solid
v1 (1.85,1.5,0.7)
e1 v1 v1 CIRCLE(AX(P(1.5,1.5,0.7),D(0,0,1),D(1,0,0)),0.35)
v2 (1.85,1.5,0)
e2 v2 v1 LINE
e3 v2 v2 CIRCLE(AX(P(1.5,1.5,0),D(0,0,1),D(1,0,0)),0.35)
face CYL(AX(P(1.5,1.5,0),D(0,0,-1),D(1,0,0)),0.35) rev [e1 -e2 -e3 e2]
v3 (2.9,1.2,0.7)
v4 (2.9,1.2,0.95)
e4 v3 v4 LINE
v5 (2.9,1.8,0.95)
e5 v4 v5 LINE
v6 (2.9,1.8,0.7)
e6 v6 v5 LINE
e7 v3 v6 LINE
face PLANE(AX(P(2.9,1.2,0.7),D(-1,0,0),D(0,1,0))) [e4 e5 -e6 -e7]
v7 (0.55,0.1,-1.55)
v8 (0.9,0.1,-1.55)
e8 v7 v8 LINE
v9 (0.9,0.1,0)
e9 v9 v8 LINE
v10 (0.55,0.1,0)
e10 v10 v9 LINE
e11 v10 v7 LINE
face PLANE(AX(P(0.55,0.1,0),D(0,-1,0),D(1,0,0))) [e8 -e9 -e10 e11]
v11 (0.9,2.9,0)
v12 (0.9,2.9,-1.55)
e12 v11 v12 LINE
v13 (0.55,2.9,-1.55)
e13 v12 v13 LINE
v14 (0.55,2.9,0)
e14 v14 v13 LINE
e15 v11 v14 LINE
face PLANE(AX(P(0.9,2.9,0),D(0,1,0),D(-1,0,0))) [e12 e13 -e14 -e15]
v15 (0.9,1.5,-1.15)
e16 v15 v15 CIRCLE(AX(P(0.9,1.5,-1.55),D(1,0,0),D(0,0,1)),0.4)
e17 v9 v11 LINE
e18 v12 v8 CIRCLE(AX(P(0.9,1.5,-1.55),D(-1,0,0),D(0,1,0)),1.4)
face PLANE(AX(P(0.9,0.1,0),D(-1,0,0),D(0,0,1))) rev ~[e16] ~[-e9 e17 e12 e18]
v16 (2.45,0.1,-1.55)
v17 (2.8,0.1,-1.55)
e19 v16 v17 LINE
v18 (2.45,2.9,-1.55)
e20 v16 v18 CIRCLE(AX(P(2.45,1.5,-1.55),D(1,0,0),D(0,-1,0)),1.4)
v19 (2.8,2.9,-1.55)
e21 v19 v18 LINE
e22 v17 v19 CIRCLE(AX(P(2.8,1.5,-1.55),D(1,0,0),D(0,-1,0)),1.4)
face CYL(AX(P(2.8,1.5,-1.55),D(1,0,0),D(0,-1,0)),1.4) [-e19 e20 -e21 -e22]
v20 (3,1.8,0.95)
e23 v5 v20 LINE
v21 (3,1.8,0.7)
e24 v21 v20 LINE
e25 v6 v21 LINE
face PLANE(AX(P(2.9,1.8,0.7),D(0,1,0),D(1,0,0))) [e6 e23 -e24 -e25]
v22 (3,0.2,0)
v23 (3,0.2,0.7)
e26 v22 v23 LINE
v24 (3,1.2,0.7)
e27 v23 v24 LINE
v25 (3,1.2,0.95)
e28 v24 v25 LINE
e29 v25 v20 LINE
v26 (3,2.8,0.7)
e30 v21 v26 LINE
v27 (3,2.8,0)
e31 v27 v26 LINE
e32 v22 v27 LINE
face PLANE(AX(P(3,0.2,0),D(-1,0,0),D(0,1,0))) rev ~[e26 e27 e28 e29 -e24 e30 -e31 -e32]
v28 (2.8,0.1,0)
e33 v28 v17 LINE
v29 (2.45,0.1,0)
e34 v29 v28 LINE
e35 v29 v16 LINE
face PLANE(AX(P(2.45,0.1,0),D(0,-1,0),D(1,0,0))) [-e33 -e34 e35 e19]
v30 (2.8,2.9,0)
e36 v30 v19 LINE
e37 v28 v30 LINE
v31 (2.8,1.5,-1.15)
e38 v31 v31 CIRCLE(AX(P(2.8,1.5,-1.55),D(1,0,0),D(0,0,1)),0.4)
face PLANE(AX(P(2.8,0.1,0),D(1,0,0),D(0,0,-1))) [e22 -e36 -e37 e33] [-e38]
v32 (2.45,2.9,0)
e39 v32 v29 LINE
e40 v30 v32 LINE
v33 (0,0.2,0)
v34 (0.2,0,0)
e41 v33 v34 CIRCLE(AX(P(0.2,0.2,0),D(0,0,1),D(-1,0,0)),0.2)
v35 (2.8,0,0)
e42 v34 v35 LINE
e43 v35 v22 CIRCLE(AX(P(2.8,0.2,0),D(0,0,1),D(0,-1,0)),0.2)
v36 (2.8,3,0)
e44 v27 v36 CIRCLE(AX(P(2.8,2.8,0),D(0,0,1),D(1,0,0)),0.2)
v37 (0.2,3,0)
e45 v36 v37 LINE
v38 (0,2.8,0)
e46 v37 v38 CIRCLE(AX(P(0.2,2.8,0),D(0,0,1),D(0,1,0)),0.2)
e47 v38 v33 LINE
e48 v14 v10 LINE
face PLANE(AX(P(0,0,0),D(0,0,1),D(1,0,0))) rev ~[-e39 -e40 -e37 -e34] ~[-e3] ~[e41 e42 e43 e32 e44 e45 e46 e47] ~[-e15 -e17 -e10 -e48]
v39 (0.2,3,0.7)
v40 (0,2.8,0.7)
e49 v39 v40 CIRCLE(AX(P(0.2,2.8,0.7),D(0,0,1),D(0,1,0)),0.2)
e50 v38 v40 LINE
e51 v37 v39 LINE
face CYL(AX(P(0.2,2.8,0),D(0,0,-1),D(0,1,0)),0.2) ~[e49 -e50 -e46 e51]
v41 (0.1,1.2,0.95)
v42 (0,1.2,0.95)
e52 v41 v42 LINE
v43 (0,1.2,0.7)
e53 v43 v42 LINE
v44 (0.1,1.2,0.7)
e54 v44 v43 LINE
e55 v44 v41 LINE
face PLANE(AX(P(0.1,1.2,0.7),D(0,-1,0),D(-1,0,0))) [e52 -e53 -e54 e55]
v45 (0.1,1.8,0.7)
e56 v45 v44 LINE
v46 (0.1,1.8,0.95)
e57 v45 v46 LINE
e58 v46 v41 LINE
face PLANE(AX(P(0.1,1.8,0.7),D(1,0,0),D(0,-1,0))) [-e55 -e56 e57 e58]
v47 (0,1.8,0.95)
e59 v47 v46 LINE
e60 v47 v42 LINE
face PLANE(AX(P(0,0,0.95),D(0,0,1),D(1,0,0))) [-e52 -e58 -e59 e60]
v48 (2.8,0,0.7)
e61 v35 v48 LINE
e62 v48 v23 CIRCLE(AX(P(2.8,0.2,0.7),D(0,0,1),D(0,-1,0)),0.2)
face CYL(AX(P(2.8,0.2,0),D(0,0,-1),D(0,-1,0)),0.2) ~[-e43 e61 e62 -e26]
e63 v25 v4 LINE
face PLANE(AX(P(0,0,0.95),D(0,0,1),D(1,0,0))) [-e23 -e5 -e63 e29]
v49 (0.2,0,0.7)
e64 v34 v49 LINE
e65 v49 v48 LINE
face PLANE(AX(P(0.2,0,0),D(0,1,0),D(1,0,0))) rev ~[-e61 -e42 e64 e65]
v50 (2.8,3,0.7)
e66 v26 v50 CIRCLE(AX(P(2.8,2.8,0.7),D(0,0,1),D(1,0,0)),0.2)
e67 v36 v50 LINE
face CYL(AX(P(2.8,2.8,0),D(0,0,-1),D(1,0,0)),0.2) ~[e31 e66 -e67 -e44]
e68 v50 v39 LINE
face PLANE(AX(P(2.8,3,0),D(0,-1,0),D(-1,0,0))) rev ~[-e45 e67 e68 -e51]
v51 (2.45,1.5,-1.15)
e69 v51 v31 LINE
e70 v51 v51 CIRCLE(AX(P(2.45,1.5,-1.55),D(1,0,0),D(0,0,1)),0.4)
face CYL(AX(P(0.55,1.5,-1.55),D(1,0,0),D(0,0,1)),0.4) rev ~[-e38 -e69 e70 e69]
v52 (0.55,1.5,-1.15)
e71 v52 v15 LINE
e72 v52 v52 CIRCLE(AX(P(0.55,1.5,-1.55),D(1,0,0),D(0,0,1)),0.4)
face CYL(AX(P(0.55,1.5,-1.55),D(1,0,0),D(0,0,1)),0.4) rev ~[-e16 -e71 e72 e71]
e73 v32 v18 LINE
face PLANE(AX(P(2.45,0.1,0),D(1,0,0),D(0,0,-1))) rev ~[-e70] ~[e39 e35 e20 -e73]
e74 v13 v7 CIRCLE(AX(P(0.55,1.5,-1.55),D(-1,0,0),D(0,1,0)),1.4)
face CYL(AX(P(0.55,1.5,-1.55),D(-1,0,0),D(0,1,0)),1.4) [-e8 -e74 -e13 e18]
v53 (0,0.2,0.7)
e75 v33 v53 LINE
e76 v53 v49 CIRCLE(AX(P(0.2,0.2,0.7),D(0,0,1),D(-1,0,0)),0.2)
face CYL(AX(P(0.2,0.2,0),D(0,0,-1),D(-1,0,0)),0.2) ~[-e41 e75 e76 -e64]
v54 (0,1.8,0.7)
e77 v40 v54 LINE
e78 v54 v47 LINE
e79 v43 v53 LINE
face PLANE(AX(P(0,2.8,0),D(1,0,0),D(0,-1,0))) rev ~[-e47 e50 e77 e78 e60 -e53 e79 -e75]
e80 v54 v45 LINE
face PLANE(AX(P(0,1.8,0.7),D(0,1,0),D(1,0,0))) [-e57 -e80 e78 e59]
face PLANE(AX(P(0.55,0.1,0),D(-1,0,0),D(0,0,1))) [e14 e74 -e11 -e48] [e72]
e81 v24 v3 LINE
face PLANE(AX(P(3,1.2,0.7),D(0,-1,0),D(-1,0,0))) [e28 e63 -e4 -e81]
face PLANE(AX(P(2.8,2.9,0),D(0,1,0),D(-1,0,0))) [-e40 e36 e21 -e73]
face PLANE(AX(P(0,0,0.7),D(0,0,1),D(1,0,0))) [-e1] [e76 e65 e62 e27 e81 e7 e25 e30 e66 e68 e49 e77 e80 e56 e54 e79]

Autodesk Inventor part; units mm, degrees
ref_plane "YZ Plane" through (0, 0, 0) normal (1, 0, 0) x (0, 1, 0)
ref_plane "XZ Plane" through (0, 0, 0) normal (0, 1, 0) x (-1, 0, 0)
ref_plane "XY Plane" through (0, 0, 0) normal (0, 0, 1) x (1, 0, 0)
sketch "Skizze1" plane through (0, 0, 0) normal (0, 0, 1) x (1, 0, 0)
  line L0 (0.2, 0) -> (2.8, 0)
  line L1 (3, 0.2) -> (3, 2.8)
  line L2 (2.8, 3) -> (0.2, 3)
  line L3 (0, 2.8) -> (0, 0.2)
  arc A0 (0.2, 3) -> (0, 2.8) centre (0.2, 2.8) ccw
  arc A1 (3, 2.8) -> (2.8, 3) centre (2.8, 2.8) ccw
  arc A2 (2.8, 0) -> (3, 0.2) centre (2.8, 0.2) ccw
  arc A3 (0, 0.2) -> (0.2, 0) centre (0.2, 0.2) ccw
  line L4 (0, 1.5) -> (3, 1.5) construction
  line L5 (1.5, 3) -> (1.5, 0) construction
  circle A4 centre (1.5, 1.5) radius 0.35
  point P0 (0, 0)
  point P1 (3, 3)
  point P2 (3, 0)
  point P3 (0, 3)
  dimension "d0" = 3
  dimension "d1" = 3
  dimension "d2" = 0.2
  dimension "d3" = 0.7
extrude "Extrusion1" add sketch "Skizze1" along normal blind 0.7
sketch "Skizze2" plane through (0, 0, 0.7) normal (0, 0, 1) x (1, 0, 0)
  circle A0 centre (1.5, 1.5) radius 0.35 construction
  line L0 (2.8, 3) -> (0.2, 3) construction
  arc A1 (0.2, 3) -> (0, 2.8) centre (0.2, 2.8) ccw construction
  line L1 (0, 2.8) -> (0, 0.2) construction
  arc A2 (0, 0.2) -> (0.2, 0) centre (0.2, 0.2) ccw construction
  line L2 (0.2, 0) -> (2.8, 0) construction
  arc A3 (2.8, 0) -> (3, 0.2) centre (2.8, 0.2) ccw construction
  line L3 (3, 0.2) -> (3, 2.8) construction
  arc A4 (3, 2.8) -> (2.8, 3) centre (2.8, 2.8) ccw construction
  line L4 (0, 2.8) -> (0, 0.2) projected
  line L5 (0, 1.8) -> (0.1, 1.8)
  line L6 (0.1, 1.8) -> (0.1, 1.2)
  line L7 (0.1, 1.2) -> (0, 1.2)
  line L8 (0, 1.2) -> (0, 1.8)
  line L9 (0.2, 0) -> (2.8, 0) projected
  line L10 (1.2, 0) -> (1.8, 0)
  line L11 (1.8, 0) -> (1.8, 0.1)
  line L12 (1.8, 0.1) -> (1.2, 0.1)
  line L13 (1.2, 0.1) -> (1.2, 0)
  line L14 (3, 0.2) -> (3, 2.8) projected
  line L15 (3, 1.2) -> (2.9, 1.2)
  line L16 (2.9, 1.2) -> (2.9, 1.8)
  line L17 (2.9, 1.8) -> (3, 1.8)
  line L18 (3, 1.8) -> (3, 1.2)
  line L19 (0.2, 3) -> (2.8, 3) projected
  line L20 (1.8, 3) -> (1.2, 3)
  line L21 (1.2, 3) -> (1.2, 2.9)
  line L22 (1.2, 2.9) -> (1.8, 2.9)
  line L23 (1.8, 2.9) -> (1.8, 3)
  point P0 (0, 0)
  point P1 (0, 1.5)
  point P2 (3, 1.5)
  dimension "d6" = 0.6
  dimension "d7" = 0.1
  dimension "d8" = 0.6
  dimension "d9" = 0.6
  dimension "d10" = 0.6
  dimension "d11" = 0.1
  dimension "d12" = 0.1
  dimension "d13" = 0.1
extrude "Extrusion2" add sketch "Skizze2" along normal blind 0.25 contours L5 L6 L7 L4 | L15 L16 L17 L14
sketch "Skizze3" plane through (0, 0, 0) normal (0, 0, -1) x (-1, 0, 0)
  circle A0 centre (-1.5, 1.5) radius 0.35 construction
  line L0 (-0.2, 3) -> (-2.8, 3) construction
  arc A1 (-2.8, 3) -> (-3, 2.8) centre (-2.8, 2.8) ccw construction
  line L1 (-3, 2.8) -> (-3, 0.2) construction
  arc A2 (-3, 0.2) -> (-2.8, 0) centre (-2.8, 0.2) ccw construction
  line L2 (-2.8, 0) -> (-0.2, 0) construction
  arc A3 (-0.2, 0) -> (0, 0.2) centre (-0.2, 0.2) ccw construction
  line L3 (0, 0.2) -> (0, 2.8) construction
  arc A4 (0, 2.8) -> (-0.2, 3) centre (-0.2, 2.8) ccw construction
  line L4 (-2.8, 2.9) -> (-2.45, 2.9)
  line L5 (-2.45, 2.9) -> (-2.45, 0.1)
  line L6 (-2.45, 0.1) -> (-2.8, 0.1)
  line L7 (-2.8, 0.1) -> (-2.8, 2.9)
  line L8 (-0.9, 2.9) -> (-0.55, 2.9)
  line L9 (-0.55, 2.9) -> (-0.55, 0.1)
  line L10 (-0.55, 0.1) -> (-0.9, 0.1)
  line L11 (-0.9, 0.1) -> (-0.9, 2.9)
  line L12 (-3, 1.5) -> (0, 1.5) construction
  point P0 (0, 0)
  point P1 (-2.8, 1.5)
  dimension "d16" = 0.35
  dimension "d17" = 0.35
  dimension "d18" = 2.8
  dimension "d19" = 0.2
  dimension "d20" = 0.55
extrude "Extrusion3" add sketch "Skizze3" along normal blind 1.55
sketch "Skizze4" plane through (2.8, 0.1, 0) normal (1, 0, 0) x (0, 0, -1)
  line L0 (1.55, 2.8) -> (1.55, 0) projected
  line L1 (1.55, 2.8) -> (1.55, 0) construction
  arc A0 (1.55, 0) -> (1.55, 2.8) centre (1.55, 1.4) ccw
  point P0 (0, -0.1)
extrude "Extrusion4" add sketch "Skizze4" against normal blind 0.35
sketch "Skizze5" plane through (0.55, 0.1, 0) normal (-1, 0, 0) x (0, 0, 1)
  line L0 (-1.55, 0) -> (-1.55, 2.8) projected
  arc A0 (-1.55, 2.8) -> (-1.55, 0) centre (-1.55, 1.4) ccw projected
  point P0 (0, -0.1)
extrude "Extrusion5" add sketch "Skizze5" against normal blind 0.35
sketch "Skizze6" plane through (0.55, 0.1, 0) normal (-1, 0, 0) x (0, 0, 1)
  arc A0 (-1.55, 2.8) -> (-1.55, 0) centre (-1.55, 1.4) ccw construction
  point P0 (0, -0.1)
hole "Bohrung1" at (0.55, 1.5, -1.55) direction (1, 0, 0) diameter 0.8 end through all
properties part number "item_gelenk_teil_quer"
